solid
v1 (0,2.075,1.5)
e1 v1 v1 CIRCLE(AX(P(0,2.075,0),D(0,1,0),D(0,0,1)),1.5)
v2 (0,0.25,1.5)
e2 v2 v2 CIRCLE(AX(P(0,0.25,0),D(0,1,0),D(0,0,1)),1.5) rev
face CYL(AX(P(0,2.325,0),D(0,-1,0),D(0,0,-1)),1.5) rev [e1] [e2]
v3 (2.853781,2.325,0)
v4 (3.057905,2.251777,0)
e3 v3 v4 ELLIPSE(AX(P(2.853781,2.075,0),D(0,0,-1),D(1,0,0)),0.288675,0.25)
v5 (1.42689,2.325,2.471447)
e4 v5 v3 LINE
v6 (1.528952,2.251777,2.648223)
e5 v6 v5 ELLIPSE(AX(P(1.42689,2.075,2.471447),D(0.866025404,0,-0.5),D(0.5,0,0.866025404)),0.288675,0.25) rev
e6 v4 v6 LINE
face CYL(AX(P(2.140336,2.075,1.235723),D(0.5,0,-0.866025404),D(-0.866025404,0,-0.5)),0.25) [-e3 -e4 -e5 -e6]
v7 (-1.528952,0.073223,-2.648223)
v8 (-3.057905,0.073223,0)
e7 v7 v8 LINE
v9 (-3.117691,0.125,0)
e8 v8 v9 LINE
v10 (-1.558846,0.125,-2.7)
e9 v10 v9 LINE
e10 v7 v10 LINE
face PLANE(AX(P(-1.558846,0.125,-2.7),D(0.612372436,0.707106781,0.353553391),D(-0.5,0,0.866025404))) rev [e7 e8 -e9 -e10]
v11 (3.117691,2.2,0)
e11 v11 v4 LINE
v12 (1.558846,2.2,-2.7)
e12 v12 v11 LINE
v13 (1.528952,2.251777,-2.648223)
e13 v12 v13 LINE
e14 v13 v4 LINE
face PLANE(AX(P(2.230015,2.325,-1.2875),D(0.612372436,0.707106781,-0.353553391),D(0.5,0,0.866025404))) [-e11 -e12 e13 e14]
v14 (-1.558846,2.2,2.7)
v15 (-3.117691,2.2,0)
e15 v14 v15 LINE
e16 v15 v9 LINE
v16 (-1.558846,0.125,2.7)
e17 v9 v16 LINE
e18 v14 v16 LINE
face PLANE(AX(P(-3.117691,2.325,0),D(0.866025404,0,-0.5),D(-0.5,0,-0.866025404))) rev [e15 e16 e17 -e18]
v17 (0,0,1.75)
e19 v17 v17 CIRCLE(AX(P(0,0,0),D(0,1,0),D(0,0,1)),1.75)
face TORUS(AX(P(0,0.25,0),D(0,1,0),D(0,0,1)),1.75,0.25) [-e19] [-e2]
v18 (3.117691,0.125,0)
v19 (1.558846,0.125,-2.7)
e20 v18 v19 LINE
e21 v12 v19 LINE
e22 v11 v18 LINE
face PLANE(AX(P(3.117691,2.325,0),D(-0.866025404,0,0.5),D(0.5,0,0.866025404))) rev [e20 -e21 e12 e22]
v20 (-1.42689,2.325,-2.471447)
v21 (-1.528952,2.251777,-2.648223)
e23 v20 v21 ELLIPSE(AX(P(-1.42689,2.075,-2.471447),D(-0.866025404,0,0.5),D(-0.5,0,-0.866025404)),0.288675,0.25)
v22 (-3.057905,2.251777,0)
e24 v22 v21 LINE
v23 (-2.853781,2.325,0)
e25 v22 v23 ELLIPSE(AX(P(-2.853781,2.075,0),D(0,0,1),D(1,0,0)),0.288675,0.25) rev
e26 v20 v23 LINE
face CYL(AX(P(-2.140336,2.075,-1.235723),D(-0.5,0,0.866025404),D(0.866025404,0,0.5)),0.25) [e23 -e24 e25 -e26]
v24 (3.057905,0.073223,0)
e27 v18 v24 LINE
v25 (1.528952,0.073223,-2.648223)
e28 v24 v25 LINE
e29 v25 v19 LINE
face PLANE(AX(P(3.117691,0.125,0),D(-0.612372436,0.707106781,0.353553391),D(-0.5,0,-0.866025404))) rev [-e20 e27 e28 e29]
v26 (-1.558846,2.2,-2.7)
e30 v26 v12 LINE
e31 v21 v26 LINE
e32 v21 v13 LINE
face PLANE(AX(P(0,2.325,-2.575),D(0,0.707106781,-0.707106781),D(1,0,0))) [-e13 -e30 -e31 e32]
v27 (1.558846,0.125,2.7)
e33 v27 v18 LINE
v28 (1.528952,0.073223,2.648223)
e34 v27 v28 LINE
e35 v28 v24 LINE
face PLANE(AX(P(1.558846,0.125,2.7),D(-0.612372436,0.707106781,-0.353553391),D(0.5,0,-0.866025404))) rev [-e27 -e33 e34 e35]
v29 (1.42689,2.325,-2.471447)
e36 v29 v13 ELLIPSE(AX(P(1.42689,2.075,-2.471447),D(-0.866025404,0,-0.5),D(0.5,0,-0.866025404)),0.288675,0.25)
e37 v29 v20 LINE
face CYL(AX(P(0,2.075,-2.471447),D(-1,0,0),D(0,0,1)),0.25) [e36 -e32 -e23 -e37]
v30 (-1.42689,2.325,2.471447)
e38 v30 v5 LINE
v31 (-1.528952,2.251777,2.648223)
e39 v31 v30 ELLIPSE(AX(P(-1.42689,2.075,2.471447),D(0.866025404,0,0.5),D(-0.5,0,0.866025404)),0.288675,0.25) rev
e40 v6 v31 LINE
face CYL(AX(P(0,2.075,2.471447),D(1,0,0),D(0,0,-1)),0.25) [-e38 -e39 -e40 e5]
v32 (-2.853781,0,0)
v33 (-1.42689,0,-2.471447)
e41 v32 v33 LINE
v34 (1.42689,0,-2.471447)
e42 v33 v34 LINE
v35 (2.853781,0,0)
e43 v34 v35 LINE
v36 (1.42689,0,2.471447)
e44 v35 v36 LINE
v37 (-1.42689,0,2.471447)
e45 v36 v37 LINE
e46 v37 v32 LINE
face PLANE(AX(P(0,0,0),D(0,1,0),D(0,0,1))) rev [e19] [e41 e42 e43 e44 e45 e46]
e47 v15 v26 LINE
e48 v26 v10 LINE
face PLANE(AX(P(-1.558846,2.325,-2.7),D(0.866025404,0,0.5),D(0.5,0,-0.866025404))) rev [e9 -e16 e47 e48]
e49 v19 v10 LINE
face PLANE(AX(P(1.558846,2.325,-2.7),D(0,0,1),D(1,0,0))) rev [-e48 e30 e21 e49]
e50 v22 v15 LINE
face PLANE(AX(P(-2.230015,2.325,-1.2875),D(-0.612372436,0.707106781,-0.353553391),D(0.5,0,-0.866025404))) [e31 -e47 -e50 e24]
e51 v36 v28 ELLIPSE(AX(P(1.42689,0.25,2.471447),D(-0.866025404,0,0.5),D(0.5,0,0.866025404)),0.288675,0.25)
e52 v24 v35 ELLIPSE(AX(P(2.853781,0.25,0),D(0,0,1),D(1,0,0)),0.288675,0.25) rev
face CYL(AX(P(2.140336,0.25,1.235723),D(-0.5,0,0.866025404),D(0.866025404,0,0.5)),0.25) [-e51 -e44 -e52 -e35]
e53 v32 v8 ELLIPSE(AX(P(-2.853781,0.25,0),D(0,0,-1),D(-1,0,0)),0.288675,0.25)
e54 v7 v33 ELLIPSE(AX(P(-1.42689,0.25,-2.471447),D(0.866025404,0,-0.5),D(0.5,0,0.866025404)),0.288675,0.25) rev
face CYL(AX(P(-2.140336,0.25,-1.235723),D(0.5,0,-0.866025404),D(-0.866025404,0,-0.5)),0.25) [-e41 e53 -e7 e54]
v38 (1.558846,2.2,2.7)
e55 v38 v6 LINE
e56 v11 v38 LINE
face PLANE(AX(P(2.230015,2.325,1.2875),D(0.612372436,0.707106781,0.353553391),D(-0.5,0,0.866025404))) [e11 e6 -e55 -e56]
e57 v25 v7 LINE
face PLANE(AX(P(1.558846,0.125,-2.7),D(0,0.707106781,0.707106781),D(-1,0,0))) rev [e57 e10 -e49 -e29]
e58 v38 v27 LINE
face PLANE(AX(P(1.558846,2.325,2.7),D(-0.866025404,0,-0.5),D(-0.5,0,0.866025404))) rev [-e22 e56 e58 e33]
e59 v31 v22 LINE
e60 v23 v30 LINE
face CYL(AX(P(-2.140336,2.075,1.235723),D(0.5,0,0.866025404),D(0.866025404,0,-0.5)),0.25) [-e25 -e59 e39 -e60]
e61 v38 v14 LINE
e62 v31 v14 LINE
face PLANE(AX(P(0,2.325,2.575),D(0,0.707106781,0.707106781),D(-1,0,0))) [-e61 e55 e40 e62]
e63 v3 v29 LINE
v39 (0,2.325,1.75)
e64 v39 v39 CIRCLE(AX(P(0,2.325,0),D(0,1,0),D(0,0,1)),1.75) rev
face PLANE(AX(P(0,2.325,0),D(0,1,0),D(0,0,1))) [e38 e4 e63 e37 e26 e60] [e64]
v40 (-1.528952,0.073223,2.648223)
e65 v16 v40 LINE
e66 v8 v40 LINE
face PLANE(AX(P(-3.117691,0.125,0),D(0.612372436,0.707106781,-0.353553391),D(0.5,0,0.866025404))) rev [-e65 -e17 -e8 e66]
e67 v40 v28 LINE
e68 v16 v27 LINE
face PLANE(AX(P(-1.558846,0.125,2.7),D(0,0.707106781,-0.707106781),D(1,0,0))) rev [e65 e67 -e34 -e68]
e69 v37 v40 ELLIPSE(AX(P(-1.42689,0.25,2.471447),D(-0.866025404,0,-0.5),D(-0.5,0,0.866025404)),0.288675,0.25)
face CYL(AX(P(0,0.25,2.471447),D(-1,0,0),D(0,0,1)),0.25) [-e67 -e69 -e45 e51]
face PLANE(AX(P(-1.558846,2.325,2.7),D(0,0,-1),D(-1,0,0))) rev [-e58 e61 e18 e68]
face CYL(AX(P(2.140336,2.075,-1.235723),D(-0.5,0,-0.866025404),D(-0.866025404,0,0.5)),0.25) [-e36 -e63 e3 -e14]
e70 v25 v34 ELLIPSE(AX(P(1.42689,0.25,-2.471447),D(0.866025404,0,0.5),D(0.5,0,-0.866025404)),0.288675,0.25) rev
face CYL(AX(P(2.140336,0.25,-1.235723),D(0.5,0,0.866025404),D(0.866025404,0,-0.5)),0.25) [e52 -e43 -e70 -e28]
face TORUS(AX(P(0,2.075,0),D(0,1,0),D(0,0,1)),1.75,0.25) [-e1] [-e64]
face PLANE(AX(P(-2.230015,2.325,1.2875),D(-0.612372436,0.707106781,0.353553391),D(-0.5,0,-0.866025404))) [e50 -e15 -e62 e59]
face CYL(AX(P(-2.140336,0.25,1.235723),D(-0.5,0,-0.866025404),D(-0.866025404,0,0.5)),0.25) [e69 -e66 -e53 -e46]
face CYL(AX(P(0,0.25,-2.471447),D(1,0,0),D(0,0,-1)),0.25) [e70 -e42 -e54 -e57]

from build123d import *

# Parameters (mm, degrees)
SKETCH1_R           = 1.5
BOSS_EXTRUDE1_DEPTH = 2.325
CHAMFER1_SIZE       = 0.125
FILLET1_R           = 0.25


with BuildPart() as part:
    # Sketch1 → Boss-Extrude1 (new body)
    with BuildSketch(Plane(origin=(0, 0, 0), x_dir=(1, 0, 0), z_dir=(0, 1, 0))):
        Polygon((3.117691454, 0), (1.558845727, 2.7), (-1.558845727, 2.7), (-3.117691454, 0), (-1.558845727, -2.7), (1.558845727, -2.7), align=None)
        with Locations(Location((0, 0, 0), (0, 0, 270))):
            Circle(SKETCH1_R, mode=Mode.SUBTRACT)
    extrude(amount=BOSS_EXTRUDE1_DEPTH)

    # Chamfer1
    chamfer1_edges = [part.edges().sort_by_distance(p)[0] for p in [
        (0, 2.325, -2.7),
        (-2.33826859, 2.325, -1.35),
        (-2.33826859, 2.325, 1.35),
        (0, 2.325, 2.7),
        (2.33826859, 2.325, 1.35),
        (0, 0, 2.7),
        (-2.33826859, 0, 1.35),
        (-2.33826859, 0, -1.35),
        (0, 0, -2.7),
        (2.33826859, 0, -1.35),
        (2.33826859, 0, 1.35),
        (2.33826859, 2.325, -1.35),
    ]]
    chamfer(chamfer1_edges, length=CHAMFER1_SIZE)

    # Fillet1
    fillet1_edges = [part.edges().sort_by_distance(p)[0] for p in [
        (0, 0, -1.5),
        (0, 2.325, -1.5),
        (-2.230015415, 0, 1.2875),
        (0, 0, 2.575),
        (2.230015415, 0, 1.2875),
        (-2.230015415, 0, -1.2875),
        (0, 0, -2.575),
        (2.230015415, 0, -1.2875),
        (-2.230015415, 2.325, 1.2875),
        (-2.230015415, 2.325, -1.2875),
        (0, 2.325, -2.575),
        (2.230015415, 2.325, -1.2875),
        (2.230015415, 2.325, 1.2875),
        (0, 2.325, 2.575),
    ]]
    fillet(fillet1_edges, radius=FILLET1_R)


solid = part.part
